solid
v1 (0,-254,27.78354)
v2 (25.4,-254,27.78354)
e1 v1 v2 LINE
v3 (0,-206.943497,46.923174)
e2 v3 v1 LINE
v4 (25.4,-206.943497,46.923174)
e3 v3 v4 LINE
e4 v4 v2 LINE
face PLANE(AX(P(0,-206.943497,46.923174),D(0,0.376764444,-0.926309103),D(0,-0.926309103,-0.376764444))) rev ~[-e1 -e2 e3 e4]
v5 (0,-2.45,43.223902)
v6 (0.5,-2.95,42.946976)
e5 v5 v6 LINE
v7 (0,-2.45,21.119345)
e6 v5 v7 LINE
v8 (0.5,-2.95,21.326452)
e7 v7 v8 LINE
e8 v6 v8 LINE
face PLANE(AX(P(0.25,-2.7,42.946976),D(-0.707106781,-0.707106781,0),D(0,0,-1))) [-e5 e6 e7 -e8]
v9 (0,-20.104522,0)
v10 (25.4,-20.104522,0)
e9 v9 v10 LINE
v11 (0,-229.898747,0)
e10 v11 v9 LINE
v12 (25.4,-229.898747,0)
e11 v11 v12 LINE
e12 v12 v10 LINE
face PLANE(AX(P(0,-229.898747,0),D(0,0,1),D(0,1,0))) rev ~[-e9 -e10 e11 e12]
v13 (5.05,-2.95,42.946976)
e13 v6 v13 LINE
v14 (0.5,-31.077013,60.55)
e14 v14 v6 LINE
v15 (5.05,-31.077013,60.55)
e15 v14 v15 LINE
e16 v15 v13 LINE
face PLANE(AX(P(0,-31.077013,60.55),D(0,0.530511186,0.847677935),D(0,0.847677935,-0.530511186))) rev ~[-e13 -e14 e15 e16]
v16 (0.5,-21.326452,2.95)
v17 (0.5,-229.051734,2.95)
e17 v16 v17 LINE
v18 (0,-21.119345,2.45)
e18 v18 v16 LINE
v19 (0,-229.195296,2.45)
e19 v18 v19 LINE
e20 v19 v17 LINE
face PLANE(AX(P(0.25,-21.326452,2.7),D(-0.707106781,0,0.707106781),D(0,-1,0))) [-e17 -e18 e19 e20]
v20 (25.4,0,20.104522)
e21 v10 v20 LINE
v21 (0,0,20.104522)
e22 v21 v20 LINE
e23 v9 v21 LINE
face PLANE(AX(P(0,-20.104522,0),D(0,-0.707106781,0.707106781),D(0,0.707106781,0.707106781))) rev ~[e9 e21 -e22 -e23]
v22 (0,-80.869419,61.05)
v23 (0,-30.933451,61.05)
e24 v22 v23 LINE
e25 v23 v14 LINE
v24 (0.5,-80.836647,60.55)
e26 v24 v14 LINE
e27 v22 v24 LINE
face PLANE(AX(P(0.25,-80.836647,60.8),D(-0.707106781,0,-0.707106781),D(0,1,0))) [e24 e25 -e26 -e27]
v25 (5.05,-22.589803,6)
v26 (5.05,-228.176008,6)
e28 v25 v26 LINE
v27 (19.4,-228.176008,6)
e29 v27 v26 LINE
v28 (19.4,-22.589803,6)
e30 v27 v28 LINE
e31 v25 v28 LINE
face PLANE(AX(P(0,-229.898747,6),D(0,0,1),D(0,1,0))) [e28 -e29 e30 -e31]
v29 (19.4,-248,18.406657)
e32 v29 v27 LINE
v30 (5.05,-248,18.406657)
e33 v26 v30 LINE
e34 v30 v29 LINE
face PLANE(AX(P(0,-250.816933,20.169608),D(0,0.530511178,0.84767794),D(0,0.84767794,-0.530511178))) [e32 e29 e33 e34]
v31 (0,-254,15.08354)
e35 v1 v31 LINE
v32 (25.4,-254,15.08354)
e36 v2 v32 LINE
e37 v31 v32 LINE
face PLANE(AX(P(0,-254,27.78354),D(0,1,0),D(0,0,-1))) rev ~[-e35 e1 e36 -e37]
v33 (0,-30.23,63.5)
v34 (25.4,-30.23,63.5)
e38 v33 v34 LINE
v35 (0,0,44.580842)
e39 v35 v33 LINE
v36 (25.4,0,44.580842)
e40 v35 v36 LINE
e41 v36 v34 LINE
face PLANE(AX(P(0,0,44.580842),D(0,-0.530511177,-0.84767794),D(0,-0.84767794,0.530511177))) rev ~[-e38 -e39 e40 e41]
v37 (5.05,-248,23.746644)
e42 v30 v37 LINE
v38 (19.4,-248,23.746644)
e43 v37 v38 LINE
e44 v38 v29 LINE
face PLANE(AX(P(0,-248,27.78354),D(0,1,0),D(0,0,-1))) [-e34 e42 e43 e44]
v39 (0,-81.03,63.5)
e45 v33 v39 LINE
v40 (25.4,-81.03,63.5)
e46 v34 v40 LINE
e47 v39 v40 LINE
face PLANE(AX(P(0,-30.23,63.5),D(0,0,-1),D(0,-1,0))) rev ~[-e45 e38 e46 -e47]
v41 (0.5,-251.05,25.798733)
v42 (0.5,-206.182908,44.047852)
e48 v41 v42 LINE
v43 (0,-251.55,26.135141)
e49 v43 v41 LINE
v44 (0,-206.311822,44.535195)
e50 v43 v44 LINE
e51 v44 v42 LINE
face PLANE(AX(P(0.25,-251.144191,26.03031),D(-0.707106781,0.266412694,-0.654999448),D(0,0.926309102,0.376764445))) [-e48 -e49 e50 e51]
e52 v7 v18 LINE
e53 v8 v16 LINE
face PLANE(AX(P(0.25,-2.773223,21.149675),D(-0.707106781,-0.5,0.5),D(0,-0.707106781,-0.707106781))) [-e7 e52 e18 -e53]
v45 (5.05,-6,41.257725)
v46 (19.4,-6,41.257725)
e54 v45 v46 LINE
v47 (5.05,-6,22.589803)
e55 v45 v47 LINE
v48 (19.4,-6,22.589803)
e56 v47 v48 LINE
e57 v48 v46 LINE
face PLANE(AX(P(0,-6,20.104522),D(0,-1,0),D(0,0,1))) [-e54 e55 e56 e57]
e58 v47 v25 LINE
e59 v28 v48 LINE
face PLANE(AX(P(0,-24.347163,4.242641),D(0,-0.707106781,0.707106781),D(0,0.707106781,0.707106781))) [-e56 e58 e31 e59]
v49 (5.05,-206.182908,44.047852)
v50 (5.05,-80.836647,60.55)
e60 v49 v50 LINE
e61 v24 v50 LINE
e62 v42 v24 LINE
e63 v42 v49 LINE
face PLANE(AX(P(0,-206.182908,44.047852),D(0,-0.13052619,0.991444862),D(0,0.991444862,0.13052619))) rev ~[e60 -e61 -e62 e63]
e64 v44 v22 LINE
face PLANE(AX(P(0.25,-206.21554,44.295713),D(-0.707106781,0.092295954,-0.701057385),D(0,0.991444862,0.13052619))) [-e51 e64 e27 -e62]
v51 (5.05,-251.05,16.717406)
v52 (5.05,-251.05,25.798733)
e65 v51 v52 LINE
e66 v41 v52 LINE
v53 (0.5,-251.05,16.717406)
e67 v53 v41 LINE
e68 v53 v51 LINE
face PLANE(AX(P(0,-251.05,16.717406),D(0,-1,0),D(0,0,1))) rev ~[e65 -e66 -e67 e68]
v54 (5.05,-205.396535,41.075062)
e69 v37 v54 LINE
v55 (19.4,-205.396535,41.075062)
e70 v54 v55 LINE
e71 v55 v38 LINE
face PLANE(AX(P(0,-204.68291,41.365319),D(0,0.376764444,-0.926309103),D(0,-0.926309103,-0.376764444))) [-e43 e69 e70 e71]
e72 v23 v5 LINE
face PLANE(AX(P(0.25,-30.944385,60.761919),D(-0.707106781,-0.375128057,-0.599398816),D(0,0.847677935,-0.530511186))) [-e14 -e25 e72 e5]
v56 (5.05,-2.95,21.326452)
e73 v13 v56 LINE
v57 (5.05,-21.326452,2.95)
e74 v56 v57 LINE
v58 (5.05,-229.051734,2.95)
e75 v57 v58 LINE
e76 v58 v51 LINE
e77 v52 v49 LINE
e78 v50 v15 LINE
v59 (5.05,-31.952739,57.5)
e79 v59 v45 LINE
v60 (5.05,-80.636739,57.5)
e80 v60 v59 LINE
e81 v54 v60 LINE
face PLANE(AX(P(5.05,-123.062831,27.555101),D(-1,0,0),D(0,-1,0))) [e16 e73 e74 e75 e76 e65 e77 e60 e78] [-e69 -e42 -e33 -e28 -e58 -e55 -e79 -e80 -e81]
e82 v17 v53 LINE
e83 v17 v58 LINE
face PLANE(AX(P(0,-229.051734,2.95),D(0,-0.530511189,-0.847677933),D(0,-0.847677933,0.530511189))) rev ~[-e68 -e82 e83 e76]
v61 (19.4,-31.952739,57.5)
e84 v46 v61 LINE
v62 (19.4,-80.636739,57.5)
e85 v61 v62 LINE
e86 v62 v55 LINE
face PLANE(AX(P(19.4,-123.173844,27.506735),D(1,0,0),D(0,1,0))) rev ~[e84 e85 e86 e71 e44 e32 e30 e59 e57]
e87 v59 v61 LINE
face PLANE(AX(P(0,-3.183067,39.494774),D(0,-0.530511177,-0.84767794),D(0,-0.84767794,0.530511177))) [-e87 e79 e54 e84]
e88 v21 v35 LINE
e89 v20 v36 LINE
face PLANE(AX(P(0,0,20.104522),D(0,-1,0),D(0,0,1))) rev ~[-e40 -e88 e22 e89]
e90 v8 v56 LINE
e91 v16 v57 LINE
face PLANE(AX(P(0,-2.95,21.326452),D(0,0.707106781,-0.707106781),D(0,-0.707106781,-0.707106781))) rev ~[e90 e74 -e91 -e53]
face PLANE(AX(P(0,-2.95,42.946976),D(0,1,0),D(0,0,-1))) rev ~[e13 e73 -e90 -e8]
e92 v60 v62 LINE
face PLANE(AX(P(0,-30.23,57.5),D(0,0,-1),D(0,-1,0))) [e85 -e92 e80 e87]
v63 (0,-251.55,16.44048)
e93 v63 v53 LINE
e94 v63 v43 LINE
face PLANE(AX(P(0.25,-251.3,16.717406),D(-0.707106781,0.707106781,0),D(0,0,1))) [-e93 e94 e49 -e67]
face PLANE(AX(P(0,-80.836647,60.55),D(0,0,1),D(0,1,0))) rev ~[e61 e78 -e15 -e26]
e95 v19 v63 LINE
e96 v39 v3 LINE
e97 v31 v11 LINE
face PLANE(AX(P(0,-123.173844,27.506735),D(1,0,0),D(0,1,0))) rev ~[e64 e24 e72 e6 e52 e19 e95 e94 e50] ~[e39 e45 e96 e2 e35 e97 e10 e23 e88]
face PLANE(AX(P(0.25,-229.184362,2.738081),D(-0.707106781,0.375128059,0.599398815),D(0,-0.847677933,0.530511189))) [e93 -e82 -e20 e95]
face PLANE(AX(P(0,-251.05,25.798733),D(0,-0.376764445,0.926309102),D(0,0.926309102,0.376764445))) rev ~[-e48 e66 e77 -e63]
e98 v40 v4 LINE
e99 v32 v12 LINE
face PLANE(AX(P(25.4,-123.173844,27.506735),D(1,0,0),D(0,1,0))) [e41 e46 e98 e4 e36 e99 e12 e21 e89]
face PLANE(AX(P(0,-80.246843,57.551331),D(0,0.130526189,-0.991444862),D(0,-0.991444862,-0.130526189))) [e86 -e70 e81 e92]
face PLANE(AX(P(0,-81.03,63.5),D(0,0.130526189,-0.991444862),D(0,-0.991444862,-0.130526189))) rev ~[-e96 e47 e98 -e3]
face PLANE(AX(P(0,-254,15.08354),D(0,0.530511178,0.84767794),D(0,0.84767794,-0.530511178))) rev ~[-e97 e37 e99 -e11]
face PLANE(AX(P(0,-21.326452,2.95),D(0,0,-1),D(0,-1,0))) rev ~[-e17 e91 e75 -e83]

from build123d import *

# Parameters (mm, degrees)
PAD002_DEPTH    = 25.4
THICKNESS001_T  = -6
POCKET_DEPTH    = 5.05
CHAMFER001_SIZE = 0.5


with BuildPart() as part:
    # Sketch002 → Pad002 (new body)
    with BuildSketch(Plane.YZ):
        Polygon((-229.898747, 0), (-20.104522, 0), (0, 20.104522), (0, 44.580842), (-30.23, 63.5), (-81.03, 63.5), (-206.943497, 46.923174), (-254, 27.78354), (-254, 15.08354), align=None)
    extrude(amount=PAD002_DEPTH)

    # Thickness001
    thickness001_openings = [part.faces().sort_by_distance(p)[0] for p in [
        (0, -116.810873, 28.186462),
    ]]
    offset(amount=THICKNESS001_T, openings=thickness001_openings, kind=Kind.INTERSECTION)

    # Sketch003 (on Face11 of Thickness001) → Pocket (cut)
    with BuildSketch(Plane.YZ):
        Polygon((-251.05, 25.798733), (-206.182908, 44.047852), (-80.836647, 60.55), (-31.077013, 60.55), (-2.95, 42.946976), (-2.95, 21.326452), (-21.326452, 2.95), (-229.051734, 2.95), (-251.05, 16.717406), align=None)
        Polygon((-80.636739, 57.5), (-31.952739, 57.5), (-6, 41.257725), (-6, 22.589803), (-22.589803, 6), (-228.176008, 6), (-248, 18.406657), (-248, 23.746644), (-205.396535, 41.075061), align=None, mode=Mode.SUBTRACT)
    extrude(amount=POCKET_DEPTH, mode=Mode.SUBTRACT)

    # Chamfer001
    chamfer001_edges = [part.edges().sort_by_distance(p)[0] for p in [
        (0, -17.013507, 51.748488),
        (0, -55.95683, 60.55),
        (0, -143.509777, 52.298926),
        (0, -228.616454, 34.923292),
        (0, -251.05, 21.25807),
        (0, -240.050867, 9.833703),
        (0, -125.189093, 2.95),
        (0, -12.138226, 12.138226),
        (0, -2.95, 32.136714),
    ]]
    chamfer(chamfer001_edges, length=CHAMFER001_SIZE)


solid = part.part
